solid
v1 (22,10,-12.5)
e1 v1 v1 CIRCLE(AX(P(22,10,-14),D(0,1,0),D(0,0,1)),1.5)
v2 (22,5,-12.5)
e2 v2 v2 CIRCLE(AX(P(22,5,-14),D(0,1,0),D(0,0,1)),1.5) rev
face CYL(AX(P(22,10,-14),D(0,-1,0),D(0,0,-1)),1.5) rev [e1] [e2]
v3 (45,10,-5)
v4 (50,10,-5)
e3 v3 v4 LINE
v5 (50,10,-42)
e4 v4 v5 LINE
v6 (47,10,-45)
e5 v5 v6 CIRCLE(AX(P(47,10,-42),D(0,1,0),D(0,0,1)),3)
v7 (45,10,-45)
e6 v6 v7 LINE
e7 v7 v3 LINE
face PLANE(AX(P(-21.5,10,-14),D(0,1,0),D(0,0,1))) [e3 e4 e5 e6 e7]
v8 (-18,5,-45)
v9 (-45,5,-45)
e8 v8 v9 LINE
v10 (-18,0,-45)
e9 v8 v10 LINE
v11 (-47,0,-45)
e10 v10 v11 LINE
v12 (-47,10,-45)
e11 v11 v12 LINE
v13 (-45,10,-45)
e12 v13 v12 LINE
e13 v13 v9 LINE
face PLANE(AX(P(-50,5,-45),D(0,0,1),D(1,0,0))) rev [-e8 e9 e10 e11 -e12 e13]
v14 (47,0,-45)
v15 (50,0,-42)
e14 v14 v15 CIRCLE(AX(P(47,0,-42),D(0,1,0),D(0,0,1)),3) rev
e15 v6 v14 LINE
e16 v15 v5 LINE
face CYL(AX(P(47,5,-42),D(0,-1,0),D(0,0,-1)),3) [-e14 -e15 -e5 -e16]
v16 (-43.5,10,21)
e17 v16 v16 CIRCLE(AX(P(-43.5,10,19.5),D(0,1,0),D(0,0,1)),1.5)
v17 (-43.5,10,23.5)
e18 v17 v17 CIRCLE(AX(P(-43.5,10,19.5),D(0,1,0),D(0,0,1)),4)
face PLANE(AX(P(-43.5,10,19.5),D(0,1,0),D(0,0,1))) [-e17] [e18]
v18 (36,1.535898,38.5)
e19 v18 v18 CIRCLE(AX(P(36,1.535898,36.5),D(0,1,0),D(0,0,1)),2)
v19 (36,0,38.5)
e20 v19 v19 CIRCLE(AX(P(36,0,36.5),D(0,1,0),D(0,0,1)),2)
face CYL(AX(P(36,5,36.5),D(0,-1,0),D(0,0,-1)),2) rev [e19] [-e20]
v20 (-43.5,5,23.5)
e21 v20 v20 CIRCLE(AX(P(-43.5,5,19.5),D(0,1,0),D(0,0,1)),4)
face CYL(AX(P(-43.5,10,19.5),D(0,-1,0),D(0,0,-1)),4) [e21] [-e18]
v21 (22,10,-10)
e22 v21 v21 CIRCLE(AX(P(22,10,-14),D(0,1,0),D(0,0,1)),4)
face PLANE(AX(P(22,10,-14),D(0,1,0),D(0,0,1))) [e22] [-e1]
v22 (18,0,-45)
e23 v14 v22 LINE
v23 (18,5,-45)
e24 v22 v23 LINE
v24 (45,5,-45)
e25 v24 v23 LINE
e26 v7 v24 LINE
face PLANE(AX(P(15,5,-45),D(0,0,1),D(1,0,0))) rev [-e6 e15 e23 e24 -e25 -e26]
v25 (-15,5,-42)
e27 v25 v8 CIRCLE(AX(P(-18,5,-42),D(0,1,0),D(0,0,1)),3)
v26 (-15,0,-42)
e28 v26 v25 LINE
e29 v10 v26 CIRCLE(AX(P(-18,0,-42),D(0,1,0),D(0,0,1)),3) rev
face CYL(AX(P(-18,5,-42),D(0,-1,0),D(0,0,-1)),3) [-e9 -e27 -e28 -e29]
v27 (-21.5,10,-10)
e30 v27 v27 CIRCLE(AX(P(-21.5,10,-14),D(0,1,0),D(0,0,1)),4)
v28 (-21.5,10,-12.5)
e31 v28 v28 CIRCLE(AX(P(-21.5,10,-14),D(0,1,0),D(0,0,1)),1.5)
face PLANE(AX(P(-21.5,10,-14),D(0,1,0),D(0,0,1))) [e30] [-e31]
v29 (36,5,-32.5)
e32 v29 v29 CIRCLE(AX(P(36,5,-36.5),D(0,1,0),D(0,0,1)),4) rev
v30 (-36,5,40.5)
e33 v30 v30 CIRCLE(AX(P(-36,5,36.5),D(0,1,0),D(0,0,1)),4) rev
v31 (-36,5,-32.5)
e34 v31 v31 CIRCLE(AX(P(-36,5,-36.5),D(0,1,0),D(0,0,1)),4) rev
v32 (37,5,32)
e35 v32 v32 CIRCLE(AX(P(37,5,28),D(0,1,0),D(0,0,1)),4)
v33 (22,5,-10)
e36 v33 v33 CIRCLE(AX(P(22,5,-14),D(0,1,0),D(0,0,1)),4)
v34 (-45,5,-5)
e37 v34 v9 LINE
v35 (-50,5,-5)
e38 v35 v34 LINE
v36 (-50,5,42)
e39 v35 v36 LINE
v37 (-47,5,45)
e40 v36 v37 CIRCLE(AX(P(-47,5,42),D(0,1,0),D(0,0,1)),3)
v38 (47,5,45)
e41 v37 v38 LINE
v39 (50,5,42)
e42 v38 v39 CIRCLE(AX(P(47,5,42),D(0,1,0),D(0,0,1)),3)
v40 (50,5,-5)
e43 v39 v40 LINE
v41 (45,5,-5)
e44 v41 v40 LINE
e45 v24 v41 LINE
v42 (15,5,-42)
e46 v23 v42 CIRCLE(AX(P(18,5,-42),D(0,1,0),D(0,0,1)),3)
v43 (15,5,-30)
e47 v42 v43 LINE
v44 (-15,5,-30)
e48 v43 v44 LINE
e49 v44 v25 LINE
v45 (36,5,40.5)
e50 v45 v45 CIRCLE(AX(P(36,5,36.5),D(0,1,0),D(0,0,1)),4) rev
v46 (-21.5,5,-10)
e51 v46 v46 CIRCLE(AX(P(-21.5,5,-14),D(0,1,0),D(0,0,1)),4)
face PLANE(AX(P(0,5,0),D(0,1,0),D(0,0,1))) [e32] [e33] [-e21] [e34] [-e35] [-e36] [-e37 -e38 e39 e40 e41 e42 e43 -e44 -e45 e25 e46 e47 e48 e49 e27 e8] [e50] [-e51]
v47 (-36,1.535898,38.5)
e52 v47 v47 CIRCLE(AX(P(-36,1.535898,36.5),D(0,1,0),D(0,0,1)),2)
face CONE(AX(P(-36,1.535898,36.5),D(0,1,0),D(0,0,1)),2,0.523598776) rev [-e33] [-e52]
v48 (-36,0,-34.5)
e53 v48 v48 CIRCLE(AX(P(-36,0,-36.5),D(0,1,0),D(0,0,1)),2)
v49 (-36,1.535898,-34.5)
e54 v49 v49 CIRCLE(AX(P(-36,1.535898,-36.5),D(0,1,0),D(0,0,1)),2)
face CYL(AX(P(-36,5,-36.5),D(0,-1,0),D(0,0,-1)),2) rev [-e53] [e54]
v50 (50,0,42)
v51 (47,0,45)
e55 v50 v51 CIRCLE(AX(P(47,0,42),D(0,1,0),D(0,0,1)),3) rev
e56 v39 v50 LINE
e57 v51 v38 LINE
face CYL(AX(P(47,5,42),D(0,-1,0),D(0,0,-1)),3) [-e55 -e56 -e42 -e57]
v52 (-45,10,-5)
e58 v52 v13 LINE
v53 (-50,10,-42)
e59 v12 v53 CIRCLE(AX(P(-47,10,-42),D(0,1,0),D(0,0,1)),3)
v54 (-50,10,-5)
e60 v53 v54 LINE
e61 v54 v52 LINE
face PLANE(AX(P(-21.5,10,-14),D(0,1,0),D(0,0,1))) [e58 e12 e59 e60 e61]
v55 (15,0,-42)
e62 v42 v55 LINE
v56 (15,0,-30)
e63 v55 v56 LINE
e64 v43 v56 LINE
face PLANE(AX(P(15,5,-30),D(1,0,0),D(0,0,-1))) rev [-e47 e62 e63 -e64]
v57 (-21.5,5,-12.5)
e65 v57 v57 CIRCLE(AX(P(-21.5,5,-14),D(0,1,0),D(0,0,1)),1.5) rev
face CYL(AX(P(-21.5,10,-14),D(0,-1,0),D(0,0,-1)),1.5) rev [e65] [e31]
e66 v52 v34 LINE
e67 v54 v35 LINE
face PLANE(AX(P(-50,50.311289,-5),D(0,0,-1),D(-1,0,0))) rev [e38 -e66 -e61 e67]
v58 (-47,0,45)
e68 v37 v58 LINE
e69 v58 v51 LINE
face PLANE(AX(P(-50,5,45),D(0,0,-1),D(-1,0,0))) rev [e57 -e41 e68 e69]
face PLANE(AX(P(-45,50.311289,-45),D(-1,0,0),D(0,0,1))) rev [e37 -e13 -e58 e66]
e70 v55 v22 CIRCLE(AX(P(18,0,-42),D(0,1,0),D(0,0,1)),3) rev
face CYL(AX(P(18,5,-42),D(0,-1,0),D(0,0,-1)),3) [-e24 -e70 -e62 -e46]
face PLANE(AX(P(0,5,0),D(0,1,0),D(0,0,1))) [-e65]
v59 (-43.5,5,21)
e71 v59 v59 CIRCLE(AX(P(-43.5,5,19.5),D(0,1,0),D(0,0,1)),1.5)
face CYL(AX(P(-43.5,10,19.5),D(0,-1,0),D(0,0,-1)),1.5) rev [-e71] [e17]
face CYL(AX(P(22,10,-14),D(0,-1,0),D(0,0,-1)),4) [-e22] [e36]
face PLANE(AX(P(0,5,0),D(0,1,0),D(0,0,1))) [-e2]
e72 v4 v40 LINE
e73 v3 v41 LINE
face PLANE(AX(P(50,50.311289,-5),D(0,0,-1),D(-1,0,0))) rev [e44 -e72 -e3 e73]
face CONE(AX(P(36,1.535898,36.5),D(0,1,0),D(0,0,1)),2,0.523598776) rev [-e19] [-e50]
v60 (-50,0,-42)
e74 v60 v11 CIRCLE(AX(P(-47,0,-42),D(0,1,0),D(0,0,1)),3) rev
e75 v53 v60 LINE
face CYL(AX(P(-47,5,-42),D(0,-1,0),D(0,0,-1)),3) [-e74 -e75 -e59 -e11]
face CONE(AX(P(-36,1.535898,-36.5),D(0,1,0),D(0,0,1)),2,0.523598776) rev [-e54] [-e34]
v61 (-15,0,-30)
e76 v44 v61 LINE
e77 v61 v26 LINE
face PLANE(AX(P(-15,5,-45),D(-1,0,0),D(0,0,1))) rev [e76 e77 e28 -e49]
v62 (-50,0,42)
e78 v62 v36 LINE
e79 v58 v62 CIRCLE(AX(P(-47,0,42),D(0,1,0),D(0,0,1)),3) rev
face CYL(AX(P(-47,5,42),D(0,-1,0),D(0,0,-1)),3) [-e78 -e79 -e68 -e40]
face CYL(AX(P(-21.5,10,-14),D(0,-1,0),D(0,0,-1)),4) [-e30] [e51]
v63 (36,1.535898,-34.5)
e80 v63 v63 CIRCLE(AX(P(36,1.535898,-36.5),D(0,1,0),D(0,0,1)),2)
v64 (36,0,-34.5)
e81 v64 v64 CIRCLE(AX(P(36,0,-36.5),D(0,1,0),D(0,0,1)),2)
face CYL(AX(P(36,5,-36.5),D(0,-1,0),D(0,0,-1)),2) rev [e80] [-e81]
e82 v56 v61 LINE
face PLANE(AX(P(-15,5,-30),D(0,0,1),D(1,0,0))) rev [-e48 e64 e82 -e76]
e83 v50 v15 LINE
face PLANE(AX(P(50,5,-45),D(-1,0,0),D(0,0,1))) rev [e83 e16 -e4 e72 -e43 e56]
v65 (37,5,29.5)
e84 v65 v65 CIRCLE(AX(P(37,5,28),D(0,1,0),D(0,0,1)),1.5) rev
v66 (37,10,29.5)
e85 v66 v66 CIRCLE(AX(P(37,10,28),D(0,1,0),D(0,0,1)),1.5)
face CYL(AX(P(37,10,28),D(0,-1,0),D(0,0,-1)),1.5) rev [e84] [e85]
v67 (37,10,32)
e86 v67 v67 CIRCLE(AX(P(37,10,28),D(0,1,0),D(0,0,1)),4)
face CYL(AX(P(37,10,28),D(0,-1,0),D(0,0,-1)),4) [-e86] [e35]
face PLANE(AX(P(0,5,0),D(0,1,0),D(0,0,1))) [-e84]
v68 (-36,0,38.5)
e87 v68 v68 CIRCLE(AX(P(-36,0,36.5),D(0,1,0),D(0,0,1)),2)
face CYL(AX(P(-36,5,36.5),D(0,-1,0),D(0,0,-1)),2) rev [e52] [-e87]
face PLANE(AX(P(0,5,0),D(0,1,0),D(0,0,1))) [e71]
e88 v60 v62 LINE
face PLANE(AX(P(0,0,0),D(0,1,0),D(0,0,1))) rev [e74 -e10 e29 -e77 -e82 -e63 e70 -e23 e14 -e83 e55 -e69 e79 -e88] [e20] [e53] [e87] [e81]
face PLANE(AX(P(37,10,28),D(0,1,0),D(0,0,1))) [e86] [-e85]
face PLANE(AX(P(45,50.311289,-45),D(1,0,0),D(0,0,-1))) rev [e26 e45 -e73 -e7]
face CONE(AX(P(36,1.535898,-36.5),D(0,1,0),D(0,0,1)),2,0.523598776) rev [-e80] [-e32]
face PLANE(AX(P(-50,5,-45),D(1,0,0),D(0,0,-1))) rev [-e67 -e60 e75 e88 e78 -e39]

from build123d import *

# Parameters (mm, degrees)
CROQUIS1_R              = 2
SALIENTE_EXTRUIR2_DEPTH = 5
CHAFL_N1_SIZE           = 2
CHAFL_N1_SIZE2          = 3.464101615
CROQUIS3_R              = 4
CROQUIS3_R_2            = 1.5
SALIENTE_EXTRUIR3_DEPTH = 5
CROQUIS4_W              = 5
CROQUIS4_H              = 40
SALIENTE_EXTRUIR4_DEPTH = 5
REDONDEO1_R             = 3


with BuildPart() as part:
    # Croquis1 → Saliente-Extruir2 (new body)
    with BuildSketch(Plane(origin=(0, 0, 0), x_dir=(1, 0, 0), z_dir=(0, 1, 0))):
        Polygon((-50, 45), (-50, -45), (50, -45), (50, 45), (15, 45), (15, 30), (-15, 30), (-15, 45), align=None)
        with Locations(Location((-36, -36.5, 0), (0, 0, 270))):
            Circle(CROQUIS1_R, mode=Mode.SUBTRACT)
        with Locations(Location((-36, 36.5, 0), (0, 0, 270))):
            Circle(CROQUIS1_R, mode=Mode.SUBTRACT)
        with Locations(Location((36, 36.5, 0), (0, 0, 270))):
            Circle(CROQUIS1_R, mode=Mode.SUBTRACT)
        with Locations(Location((36, -36.5, 0), (0, 0, 270))):
            Circle(CROQUIS1_R, mode=Mode.SUBTRACT)
    extrude(amount=SALIENTE_EXTRUIR2_DEPTH)

    # Chaflán1
    chafl_n1_edges = [part.edges().sort_by_distance(p)[0] for p in [
        (-36, 5, 34.5),
        (-36, 5, -38.5),
        (36, 5, -38.5),
        (36, 5, 34.5),
    ]]
    chafl_n1_side = [part.faces().sort_by_distance(p)[0] for p in [
        (0, 5, 1.985356127),
    ]]
    chamfer(chafl_n1_edges, length=CHAFL_N1_SIZE, length2=CHAFL_N1_SIZE2, reference=chafl_n1_side[0])

    # Croquis3 → Saliente-Extruir3 (add)
    # profile 1 of 4: a face of its own
    with BuildSketch(Plane(origin=(0, 5, 0), x_dir=(1, 0, 0), z_dir=(0, 1, 0))):
        with Locations(Location((-43.5, -19.5, 0), (0, 0, 270))):
            Circle(CROQUIS3_R)
        with Locations(Location((-43.5, -19.5, 0), (0, 0, 270))):
            Circle(CROQUIS3_R_2, mode=Mode.SUBTRACT)
    # profile 2 of 4: a face of its own
    with BuildSketch(Plane(origin=(0, 5, 0), x_dir=(1, 0, 0), z_dir=(0, 1, 0))):
        with Locations(Location((37, -28, 0), (0, 0, 270))):
            Circle(CROQUIS3_R)
        with Locations(Location((37, -28, 0), (0, 0, 270))):
            Circle(CROQUIS3_R_2, mode=Mode.SUBTRACT)
    # profile 3 of 4: a face of its own
    with BuildSketch(Plane(origin=(0, 5, 0), x_dir=(1, 0, 0), z_dir=(0, 1, 0))):
        with Locations(Location((22, 14, 0), (0, 0, 270))):
            Circle(CROQUIS3_R)
        with Locations(Location((22, 14, 0), (0, 0, 270))):
            Circle(CROQUIS3_R_2, mode=Mode.SUBTRACT)
    # profile 4 of 4: a face of its own
    with BuildSketch(Plane(origin=(0, 5, 0), x_dir=(1, 0, 0), z_dir=(0, 1, 0))):
        with Locations(Location((-21.5, 14, 0), (0, 0, 270))):
            Circle(CROQUIS3_R)
        with Locations(Location((-21.5, 14, 0), (0, 0, 270))):
            Circle(CROQUIS3_R_2, mode=Mode.SUBTRACT)
    extrude(amount=SALIENTE_EXTRUIR3_DEPTH)

    # Croquis4 → Saliente-Extruir4 (add)
    with BuildSketch(Plane(origin=(0, 5, 0), x_dir=(1, 0, 0), z_dir=(0, 1, 0))):
        with Locations((-47.5, 25)):
            Rectangle(CROQUIS4_W, CROQUIS4_H)
        with Locations((47.5, 25)):
            Rectangle(CROQUIS4_W, CROQUIS4_H)
    extrude(amount=SALIENTE_EXTRUIR4_DEPTH)

    # Redondeo1
    redondeo1_edges = [part.edges().sort_by_distance(p)[0] for p in [
        (50, 2.5, 45),
        (-50, 2.5, 45),
        (-50, 5, -45),
        (-15, 2.5, -45),
        (15, 2.5, -45),
        (50, 5, -45),
    ]]
    fillet(redondeo1_edges, radius=REDONDEO1_R)


solid = part.part
